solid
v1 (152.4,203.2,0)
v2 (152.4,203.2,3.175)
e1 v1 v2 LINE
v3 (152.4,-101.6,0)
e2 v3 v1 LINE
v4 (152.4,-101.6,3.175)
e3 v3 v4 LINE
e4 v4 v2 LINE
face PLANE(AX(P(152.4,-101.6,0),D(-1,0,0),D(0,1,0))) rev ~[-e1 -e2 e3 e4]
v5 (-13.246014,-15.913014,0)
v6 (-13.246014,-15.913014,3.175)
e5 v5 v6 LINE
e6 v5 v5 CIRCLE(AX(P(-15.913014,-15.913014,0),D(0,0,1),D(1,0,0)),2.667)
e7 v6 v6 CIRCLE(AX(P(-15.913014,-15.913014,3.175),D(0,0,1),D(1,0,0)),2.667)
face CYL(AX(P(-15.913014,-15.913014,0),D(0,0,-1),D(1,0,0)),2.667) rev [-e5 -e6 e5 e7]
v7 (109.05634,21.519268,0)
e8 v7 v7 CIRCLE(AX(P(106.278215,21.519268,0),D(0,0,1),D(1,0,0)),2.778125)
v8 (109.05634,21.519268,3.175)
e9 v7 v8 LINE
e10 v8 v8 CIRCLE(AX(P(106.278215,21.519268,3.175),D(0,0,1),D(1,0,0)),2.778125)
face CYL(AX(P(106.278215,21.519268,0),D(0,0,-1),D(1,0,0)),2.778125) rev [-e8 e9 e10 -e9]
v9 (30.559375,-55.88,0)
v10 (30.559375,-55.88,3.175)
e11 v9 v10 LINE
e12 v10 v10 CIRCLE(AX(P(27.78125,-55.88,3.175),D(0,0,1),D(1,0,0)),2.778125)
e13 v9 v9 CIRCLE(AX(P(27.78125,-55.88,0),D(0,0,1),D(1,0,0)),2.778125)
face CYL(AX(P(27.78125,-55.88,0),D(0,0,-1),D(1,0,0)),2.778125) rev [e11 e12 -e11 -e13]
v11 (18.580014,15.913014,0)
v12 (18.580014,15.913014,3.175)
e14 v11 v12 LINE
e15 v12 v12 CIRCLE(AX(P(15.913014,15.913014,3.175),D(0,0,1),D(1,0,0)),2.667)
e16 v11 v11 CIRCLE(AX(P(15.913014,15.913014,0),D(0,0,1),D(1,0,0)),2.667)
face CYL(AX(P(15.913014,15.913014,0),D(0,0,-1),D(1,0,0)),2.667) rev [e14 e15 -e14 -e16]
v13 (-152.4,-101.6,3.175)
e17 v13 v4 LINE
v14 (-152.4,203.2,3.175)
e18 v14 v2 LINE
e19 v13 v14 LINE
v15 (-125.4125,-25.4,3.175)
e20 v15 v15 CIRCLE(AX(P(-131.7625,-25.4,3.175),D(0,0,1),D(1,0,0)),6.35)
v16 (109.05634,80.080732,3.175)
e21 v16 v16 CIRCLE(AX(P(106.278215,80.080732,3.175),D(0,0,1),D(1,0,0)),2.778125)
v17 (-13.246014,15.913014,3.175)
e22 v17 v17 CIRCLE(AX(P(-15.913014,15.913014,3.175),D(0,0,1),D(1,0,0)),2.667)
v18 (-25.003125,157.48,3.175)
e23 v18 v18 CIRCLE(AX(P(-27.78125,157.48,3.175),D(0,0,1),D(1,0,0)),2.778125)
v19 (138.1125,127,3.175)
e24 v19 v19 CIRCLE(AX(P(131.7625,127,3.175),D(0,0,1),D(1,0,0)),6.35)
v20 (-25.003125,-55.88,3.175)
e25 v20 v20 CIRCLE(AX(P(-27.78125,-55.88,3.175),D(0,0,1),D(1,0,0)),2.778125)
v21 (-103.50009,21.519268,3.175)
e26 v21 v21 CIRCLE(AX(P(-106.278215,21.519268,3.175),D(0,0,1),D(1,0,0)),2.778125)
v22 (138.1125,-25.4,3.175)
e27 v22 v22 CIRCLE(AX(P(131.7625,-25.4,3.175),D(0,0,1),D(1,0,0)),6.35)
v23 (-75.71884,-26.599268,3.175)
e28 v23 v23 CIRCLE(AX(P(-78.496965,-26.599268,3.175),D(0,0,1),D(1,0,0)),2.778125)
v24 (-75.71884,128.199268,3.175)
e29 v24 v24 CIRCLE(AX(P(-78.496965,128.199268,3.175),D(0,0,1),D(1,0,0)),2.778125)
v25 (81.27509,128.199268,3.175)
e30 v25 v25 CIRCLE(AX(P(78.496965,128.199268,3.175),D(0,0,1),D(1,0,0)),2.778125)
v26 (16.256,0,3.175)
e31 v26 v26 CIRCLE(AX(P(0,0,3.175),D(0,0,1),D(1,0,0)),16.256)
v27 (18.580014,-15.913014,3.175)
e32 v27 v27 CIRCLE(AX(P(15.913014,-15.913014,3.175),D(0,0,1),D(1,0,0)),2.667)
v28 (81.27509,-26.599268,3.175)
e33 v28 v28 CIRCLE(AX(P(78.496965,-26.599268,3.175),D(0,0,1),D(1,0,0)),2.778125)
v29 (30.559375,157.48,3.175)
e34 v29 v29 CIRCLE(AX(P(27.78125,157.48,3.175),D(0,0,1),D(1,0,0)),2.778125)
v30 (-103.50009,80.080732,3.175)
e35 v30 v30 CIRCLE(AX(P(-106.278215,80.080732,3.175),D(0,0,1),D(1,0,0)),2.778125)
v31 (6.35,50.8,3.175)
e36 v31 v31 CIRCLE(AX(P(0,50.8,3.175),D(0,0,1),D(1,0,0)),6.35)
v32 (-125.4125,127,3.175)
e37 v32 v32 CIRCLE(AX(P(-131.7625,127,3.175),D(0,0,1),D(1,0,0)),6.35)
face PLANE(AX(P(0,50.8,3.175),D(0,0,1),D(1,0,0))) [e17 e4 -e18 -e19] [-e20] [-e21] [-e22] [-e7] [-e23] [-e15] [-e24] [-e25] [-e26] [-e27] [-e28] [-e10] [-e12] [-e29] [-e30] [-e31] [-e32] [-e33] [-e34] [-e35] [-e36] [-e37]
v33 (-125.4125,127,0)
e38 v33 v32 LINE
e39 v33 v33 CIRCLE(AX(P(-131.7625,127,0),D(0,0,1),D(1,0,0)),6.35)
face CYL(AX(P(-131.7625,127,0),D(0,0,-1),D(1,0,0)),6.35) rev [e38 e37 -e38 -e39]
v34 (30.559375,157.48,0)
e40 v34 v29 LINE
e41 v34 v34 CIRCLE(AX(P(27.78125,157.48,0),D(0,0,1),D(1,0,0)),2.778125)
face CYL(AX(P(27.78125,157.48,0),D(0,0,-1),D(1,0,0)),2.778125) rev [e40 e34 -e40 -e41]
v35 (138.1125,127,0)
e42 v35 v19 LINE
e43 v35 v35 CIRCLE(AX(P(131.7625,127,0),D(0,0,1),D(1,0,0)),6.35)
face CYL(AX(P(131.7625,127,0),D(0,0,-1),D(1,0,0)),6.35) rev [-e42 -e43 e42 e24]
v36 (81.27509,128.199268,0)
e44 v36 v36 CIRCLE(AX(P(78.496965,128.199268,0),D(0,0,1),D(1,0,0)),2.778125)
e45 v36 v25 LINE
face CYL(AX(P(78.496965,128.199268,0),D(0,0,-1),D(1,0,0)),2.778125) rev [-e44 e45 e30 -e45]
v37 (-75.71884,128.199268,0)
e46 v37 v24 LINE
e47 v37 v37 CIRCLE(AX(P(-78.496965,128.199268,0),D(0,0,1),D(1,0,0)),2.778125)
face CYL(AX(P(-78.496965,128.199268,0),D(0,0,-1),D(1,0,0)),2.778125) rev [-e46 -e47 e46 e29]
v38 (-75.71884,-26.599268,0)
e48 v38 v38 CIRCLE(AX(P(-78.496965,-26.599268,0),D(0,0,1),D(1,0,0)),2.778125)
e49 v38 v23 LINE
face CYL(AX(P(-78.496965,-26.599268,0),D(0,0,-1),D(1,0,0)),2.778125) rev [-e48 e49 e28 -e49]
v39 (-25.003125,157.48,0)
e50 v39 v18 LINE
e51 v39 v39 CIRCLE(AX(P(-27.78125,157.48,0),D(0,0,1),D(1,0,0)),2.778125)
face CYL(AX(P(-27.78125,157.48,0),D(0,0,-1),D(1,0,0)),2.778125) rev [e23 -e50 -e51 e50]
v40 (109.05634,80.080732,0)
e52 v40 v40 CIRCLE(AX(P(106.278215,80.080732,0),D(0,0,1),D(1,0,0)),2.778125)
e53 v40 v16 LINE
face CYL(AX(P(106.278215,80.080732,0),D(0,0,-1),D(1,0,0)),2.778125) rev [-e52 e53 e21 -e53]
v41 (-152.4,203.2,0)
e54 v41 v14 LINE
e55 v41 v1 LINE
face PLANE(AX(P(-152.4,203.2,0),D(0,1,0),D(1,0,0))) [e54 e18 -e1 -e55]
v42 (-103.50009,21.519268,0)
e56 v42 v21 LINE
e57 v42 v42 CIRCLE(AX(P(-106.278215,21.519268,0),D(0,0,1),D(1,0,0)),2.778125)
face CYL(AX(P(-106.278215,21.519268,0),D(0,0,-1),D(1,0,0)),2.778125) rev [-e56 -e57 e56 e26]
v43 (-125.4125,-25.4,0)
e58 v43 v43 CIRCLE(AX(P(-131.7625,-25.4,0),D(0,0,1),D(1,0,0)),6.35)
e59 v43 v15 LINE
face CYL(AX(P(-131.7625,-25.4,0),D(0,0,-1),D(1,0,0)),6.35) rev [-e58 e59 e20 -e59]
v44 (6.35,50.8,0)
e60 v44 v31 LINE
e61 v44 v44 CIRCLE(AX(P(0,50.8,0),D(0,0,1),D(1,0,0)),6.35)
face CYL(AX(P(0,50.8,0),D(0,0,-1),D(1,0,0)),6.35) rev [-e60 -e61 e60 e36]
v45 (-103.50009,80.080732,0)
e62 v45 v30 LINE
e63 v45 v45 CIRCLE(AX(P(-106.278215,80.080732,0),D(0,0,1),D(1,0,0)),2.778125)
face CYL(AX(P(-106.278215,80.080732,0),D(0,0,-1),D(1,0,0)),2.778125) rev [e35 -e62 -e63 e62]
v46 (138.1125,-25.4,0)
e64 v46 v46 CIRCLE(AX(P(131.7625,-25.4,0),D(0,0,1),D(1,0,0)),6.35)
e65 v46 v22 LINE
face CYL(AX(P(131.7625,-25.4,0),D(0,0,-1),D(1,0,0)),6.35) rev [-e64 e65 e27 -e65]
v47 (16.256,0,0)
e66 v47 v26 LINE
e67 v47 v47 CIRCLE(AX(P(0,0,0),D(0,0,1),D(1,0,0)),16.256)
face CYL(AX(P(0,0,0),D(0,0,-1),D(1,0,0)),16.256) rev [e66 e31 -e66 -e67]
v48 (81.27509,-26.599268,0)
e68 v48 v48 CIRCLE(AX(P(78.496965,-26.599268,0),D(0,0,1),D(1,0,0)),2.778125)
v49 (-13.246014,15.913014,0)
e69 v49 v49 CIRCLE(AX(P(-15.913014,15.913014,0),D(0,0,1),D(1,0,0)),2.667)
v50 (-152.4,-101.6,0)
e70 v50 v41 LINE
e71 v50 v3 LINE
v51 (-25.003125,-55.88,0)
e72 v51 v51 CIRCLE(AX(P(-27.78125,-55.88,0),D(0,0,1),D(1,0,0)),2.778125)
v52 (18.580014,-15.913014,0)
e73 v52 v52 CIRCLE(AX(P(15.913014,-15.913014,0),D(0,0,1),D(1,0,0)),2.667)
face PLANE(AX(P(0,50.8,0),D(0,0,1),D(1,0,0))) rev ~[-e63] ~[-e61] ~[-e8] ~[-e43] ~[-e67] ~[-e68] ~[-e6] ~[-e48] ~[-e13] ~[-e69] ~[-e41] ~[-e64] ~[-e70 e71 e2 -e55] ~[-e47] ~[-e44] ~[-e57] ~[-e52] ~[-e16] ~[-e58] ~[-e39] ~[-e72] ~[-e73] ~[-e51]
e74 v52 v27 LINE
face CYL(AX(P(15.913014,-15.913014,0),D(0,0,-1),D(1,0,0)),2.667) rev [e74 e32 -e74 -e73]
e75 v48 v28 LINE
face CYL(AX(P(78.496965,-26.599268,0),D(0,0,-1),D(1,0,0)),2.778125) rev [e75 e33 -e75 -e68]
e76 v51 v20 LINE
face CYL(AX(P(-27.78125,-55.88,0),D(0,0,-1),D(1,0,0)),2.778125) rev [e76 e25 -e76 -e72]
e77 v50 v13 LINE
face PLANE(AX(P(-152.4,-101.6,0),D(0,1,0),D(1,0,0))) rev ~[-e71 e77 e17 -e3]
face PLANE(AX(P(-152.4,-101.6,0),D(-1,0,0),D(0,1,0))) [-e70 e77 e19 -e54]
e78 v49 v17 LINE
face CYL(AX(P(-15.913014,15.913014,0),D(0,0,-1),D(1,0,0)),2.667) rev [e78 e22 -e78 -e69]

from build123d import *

# Parameters (mm, degrees)
F0_W     = 304.8
F0_H     = 304.8
F0_R     = 2.778125
F0_R_2   = 6.35
F0_R_3   = 2.667
F0_R_4   = 16.256
F1_DEPTH = 3.175


with BuildPart() as f1:
    # F0 (on Top) → F1 (new body)
    with BuildSketch(Plane.XY):
        with Locations((0, 50.8)):
            Rectangle(F0_W, F0_H)
        with Locations((-78.496965, -26.599268)):
            Circle(F0_R, mode=Mode.SUBTRACT)
        with Locations((-27.78125, -55.88)):
            Circle(F0_R, mode=Mode.SUBTRACT)
        with Locations((-131.7625, -25.4)):
            Circle(F0_R_2, mode=Mode.SUBTRACT)
        with Locations((-106.278215, 21.519268)):
            Circle(F0_R, mode=Mode.SUBTRACT)
        with Locations((-15.913014, -15.913014)):
            Circle(F0_R_3, mode=Mode.SUBTRACT)
        with Locations((-15.913014, 15.913014)):
            Circle(F0_R_3, mode=Mode.SUBTRACT)
        with Locations((27.78125, -55.88)):
            Circle(F0_R, mode=Mode.SUBTRACT)
        with Locations((78.496965, -26.599268)):
            Circle(F0_R, mode=Mode.SUBTRACT)
        with Locations((15.913014, -15.913014)):
            Circle(F0_R_3, mode=Mode.SUBTRACT)
        Circle(F0_R_4, mode=Mode.SUBTRACT)
        with Locations((15.913014, 15.913014)):
            Circle(F0_R_3, mode=Mode.SUBTRACT)
        with Locations((131.7625, -25.4)):
            Circle(F0_R_2, mode=Mode.SUBTRACT)
        with Locations((106.278215, 21.519268)):
            Circle(F0_R, mode=Mode.SUBTRACT)
        with Locations((-106.278215, 80.080732)):
            Circle(F0_R, mode=Mode.SUBTRACT)
        with Locations((-131.7625, 127)):
            Circle(F0_R_2, mode=Mode.SUBTRACT)
        with Locations((-78.496965, 128.199268)):
            Circle(F0_R, mode=Mode.SUBTRACT)
        with Locations((-27.78125, 157.48)):
            Circle(F0_R, mode=Mode.SUBTRACT)
        with Locations((0, 50.8)):
            Circle(F0_R_2, mode=Mode.SUBTRACT)
        with Locations((106.278215, 80.080732)):
            Circle(F0_R, mode=Mode.SUBTRACT)
        with Locations((27.78125, 157.48)):
            Circle(F0_R, mode=Mode.SUBTRACT)
        with Locations((78.496965, 128.199268)):
            Circle(F0_R, mode=Mode.SUBTRACT)
        with Locations((131.7625, 127)):
            Circle(F0_R_2, mode=Mode.SUBTRACT)
    extrude(amount=F1_DEPTH)


solid = f1.part
